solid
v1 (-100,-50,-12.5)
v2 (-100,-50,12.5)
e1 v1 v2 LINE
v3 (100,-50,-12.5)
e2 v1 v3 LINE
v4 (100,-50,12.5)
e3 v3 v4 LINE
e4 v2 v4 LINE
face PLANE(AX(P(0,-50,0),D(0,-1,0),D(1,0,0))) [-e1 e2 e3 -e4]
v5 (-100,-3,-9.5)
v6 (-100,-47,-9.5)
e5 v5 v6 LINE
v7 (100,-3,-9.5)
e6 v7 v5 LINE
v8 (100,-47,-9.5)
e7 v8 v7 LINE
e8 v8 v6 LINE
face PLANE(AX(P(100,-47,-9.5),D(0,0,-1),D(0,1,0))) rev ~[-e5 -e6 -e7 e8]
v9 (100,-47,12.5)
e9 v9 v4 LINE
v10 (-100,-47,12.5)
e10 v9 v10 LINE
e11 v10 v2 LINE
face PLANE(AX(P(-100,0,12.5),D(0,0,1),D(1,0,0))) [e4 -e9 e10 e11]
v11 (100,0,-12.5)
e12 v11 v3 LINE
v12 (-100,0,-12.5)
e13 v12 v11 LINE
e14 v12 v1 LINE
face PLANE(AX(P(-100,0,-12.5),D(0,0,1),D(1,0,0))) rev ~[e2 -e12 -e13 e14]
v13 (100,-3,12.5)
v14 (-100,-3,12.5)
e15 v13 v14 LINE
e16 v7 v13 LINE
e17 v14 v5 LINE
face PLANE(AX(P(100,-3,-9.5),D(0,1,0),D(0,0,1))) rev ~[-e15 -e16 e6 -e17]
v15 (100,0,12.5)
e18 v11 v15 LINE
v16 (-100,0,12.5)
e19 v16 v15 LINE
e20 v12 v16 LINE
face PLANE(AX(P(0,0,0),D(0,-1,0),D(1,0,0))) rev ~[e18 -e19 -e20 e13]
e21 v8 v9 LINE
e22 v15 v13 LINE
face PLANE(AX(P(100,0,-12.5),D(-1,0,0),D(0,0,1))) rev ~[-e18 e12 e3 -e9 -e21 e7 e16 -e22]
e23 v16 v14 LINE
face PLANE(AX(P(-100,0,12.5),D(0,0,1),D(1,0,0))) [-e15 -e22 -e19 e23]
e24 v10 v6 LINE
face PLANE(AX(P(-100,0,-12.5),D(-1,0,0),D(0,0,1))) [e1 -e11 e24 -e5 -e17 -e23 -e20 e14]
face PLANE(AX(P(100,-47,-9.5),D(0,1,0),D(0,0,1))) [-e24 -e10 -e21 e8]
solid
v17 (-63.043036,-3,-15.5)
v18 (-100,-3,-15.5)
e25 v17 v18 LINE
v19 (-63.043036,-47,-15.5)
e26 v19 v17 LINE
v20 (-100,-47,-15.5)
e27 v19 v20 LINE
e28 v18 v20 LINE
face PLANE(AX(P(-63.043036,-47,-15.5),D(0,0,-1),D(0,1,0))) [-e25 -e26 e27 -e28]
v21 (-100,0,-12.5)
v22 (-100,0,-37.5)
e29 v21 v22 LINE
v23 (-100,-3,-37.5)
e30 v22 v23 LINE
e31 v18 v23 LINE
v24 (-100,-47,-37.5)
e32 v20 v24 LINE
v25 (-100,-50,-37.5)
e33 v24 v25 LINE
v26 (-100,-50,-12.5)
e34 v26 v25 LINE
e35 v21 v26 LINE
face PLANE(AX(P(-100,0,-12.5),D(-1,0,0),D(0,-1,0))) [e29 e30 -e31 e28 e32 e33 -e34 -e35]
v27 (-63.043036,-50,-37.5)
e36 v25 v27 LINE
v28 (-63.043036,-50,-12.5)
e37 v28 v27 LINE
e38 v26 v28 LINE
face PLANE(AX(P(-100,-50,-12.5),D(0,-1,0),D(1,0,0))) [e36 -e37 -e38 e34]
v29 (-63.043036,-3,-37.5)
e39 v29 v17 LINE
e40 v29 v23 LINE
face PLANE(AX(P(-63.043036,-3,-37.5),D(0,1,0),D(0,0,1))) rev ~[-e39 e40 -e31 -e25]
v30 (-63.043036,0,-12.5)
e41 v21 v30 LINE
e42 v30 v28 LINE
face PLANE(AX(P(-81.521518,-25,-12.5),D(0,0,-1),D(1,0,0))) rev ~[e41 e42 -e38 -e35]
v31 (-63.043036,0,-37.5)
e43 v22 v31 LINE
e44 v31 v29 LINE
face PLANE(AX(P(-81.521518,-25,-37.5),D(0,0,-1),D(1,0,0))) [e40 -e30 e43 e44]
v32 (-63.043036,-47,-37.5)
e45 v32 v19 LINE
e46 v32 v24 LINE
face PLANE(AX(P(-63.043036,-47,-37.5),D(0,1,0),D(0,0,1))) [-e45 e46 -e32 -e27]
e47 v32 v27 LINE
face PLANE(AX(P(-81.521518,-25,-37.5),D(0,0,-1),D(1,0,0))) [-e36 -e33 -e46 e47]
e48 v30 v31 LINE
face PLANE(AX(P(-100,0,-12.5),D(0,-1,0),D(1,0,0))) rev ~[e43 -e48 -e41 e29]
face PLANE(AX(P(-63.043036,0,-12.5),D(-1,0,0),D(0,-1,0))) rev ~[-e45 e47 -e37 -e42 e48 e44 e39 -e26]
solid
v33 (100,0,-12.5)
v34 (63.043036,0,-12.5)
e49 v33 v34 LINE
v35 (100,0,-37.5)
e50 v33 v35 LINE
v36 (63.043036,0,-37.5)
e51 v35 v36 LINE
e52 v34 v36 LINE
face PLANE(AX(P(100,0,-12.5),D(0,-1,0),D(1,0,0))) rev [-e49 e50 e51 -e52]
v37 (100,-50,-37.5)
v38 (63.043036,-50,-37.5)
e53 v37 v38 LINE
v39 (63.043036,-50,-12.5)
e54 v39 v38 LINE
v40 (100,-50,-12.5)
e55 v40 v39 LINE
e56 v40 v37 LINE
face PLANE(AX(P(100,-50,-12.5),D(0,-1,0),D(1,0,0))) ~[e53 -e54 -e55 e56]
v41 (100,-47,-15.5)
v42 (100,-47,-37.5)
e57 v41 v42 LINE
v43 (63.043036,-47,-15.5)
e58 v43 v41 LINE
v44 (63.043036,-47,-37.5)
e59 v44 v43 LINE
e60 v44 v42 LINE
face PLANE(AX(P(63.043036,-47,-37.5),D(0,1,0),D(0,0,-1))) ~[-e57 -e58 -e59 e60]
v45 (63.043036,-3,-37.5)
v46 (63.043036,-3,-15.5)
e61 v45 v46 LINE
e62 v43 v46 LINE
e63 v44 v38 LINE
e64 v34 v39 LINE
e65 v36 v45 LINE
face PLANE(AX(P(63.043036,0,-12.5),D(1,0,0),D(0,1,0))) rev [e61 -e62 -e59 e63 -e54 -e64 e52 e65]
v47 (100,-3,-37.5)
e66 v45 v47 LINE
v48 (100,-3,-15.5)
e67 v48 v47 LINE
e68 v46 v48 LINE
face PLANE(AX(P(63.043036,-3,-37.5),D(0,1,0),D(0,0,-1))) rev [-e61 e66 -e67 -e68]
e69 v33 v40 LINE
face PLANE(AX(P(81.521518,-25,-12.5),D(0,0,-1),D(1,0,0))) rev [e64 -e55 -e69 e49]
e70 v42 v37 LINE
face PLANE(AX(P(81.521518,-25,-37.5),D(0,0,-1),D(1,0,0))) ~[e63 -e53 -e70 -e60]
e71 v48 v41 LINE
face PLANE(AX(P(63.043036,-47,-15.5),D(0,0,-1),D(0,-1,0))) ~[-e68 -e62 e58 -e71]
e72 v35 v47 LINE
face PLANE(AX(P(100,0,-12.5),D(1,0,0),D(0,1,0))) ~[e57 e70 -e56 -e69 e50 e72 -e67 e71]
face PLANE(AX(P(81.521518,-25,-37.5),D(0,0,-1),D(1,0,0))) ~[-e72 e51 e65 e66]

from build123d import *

# Parameters (mm, degrees)
F0_W     = 200
F0_H     = 25
F1_DEPTH = 50
F2_W     = 44
F2_H     = 22
F3_DEPTH = 200.001
F4_W     = 36.956964
F4_H     = 50
F5_DEPTH = 25
F6_W     = 44
F6_H     = 22
F7_DEPTH = 36.957964


with BuildPart() as f1:
    # F0 (on Front) → F1 (new body)
    with BuildSketch(Plane.XZ):
        Rectangle(F0_W, F0_H)
    extrude(amount=F1_DEPTH)

    # F2 (on face) → F3 (cut, through all)
    with BuildSketch(Plane.YZ.offset(100)):
        with Locations((-25, 1.5)):
            Rectangle(F2_W, F2_H)
    extrude(amount=-F3_DEPTH, mode=Mode.SUBTRACT)


with BuildPart() as f5:
    # F4 (on face) → F5 (new body)
    with BuildSketch(Plane(origin=(0, 0, -12.5), x_dir=(1, 0, 0), z_dir=(0, 0, -1))):
        with Locations((-81.521518, 25)):
            Rectangle(F4_W, F4_H)
    extrude(amount=F5_DEPTH)

    # F6 (on face) → F7 (cut, through all)
    with BuildSketch(Plane.YZ.offset(-63.043036)):
        with Locations((-25, -26.5)):
            Rectangle(F6_W, F6_H)
    extrude(amount=-F7_DEPTH, mode=Mode.SUBTRACT)


with BuildPart() as f8_1:
    # F8: instance of F5
    add(f5.part.mirror(Plane.YZ))


solid = Compound([f1.part, f5.part, f8_1.part])
